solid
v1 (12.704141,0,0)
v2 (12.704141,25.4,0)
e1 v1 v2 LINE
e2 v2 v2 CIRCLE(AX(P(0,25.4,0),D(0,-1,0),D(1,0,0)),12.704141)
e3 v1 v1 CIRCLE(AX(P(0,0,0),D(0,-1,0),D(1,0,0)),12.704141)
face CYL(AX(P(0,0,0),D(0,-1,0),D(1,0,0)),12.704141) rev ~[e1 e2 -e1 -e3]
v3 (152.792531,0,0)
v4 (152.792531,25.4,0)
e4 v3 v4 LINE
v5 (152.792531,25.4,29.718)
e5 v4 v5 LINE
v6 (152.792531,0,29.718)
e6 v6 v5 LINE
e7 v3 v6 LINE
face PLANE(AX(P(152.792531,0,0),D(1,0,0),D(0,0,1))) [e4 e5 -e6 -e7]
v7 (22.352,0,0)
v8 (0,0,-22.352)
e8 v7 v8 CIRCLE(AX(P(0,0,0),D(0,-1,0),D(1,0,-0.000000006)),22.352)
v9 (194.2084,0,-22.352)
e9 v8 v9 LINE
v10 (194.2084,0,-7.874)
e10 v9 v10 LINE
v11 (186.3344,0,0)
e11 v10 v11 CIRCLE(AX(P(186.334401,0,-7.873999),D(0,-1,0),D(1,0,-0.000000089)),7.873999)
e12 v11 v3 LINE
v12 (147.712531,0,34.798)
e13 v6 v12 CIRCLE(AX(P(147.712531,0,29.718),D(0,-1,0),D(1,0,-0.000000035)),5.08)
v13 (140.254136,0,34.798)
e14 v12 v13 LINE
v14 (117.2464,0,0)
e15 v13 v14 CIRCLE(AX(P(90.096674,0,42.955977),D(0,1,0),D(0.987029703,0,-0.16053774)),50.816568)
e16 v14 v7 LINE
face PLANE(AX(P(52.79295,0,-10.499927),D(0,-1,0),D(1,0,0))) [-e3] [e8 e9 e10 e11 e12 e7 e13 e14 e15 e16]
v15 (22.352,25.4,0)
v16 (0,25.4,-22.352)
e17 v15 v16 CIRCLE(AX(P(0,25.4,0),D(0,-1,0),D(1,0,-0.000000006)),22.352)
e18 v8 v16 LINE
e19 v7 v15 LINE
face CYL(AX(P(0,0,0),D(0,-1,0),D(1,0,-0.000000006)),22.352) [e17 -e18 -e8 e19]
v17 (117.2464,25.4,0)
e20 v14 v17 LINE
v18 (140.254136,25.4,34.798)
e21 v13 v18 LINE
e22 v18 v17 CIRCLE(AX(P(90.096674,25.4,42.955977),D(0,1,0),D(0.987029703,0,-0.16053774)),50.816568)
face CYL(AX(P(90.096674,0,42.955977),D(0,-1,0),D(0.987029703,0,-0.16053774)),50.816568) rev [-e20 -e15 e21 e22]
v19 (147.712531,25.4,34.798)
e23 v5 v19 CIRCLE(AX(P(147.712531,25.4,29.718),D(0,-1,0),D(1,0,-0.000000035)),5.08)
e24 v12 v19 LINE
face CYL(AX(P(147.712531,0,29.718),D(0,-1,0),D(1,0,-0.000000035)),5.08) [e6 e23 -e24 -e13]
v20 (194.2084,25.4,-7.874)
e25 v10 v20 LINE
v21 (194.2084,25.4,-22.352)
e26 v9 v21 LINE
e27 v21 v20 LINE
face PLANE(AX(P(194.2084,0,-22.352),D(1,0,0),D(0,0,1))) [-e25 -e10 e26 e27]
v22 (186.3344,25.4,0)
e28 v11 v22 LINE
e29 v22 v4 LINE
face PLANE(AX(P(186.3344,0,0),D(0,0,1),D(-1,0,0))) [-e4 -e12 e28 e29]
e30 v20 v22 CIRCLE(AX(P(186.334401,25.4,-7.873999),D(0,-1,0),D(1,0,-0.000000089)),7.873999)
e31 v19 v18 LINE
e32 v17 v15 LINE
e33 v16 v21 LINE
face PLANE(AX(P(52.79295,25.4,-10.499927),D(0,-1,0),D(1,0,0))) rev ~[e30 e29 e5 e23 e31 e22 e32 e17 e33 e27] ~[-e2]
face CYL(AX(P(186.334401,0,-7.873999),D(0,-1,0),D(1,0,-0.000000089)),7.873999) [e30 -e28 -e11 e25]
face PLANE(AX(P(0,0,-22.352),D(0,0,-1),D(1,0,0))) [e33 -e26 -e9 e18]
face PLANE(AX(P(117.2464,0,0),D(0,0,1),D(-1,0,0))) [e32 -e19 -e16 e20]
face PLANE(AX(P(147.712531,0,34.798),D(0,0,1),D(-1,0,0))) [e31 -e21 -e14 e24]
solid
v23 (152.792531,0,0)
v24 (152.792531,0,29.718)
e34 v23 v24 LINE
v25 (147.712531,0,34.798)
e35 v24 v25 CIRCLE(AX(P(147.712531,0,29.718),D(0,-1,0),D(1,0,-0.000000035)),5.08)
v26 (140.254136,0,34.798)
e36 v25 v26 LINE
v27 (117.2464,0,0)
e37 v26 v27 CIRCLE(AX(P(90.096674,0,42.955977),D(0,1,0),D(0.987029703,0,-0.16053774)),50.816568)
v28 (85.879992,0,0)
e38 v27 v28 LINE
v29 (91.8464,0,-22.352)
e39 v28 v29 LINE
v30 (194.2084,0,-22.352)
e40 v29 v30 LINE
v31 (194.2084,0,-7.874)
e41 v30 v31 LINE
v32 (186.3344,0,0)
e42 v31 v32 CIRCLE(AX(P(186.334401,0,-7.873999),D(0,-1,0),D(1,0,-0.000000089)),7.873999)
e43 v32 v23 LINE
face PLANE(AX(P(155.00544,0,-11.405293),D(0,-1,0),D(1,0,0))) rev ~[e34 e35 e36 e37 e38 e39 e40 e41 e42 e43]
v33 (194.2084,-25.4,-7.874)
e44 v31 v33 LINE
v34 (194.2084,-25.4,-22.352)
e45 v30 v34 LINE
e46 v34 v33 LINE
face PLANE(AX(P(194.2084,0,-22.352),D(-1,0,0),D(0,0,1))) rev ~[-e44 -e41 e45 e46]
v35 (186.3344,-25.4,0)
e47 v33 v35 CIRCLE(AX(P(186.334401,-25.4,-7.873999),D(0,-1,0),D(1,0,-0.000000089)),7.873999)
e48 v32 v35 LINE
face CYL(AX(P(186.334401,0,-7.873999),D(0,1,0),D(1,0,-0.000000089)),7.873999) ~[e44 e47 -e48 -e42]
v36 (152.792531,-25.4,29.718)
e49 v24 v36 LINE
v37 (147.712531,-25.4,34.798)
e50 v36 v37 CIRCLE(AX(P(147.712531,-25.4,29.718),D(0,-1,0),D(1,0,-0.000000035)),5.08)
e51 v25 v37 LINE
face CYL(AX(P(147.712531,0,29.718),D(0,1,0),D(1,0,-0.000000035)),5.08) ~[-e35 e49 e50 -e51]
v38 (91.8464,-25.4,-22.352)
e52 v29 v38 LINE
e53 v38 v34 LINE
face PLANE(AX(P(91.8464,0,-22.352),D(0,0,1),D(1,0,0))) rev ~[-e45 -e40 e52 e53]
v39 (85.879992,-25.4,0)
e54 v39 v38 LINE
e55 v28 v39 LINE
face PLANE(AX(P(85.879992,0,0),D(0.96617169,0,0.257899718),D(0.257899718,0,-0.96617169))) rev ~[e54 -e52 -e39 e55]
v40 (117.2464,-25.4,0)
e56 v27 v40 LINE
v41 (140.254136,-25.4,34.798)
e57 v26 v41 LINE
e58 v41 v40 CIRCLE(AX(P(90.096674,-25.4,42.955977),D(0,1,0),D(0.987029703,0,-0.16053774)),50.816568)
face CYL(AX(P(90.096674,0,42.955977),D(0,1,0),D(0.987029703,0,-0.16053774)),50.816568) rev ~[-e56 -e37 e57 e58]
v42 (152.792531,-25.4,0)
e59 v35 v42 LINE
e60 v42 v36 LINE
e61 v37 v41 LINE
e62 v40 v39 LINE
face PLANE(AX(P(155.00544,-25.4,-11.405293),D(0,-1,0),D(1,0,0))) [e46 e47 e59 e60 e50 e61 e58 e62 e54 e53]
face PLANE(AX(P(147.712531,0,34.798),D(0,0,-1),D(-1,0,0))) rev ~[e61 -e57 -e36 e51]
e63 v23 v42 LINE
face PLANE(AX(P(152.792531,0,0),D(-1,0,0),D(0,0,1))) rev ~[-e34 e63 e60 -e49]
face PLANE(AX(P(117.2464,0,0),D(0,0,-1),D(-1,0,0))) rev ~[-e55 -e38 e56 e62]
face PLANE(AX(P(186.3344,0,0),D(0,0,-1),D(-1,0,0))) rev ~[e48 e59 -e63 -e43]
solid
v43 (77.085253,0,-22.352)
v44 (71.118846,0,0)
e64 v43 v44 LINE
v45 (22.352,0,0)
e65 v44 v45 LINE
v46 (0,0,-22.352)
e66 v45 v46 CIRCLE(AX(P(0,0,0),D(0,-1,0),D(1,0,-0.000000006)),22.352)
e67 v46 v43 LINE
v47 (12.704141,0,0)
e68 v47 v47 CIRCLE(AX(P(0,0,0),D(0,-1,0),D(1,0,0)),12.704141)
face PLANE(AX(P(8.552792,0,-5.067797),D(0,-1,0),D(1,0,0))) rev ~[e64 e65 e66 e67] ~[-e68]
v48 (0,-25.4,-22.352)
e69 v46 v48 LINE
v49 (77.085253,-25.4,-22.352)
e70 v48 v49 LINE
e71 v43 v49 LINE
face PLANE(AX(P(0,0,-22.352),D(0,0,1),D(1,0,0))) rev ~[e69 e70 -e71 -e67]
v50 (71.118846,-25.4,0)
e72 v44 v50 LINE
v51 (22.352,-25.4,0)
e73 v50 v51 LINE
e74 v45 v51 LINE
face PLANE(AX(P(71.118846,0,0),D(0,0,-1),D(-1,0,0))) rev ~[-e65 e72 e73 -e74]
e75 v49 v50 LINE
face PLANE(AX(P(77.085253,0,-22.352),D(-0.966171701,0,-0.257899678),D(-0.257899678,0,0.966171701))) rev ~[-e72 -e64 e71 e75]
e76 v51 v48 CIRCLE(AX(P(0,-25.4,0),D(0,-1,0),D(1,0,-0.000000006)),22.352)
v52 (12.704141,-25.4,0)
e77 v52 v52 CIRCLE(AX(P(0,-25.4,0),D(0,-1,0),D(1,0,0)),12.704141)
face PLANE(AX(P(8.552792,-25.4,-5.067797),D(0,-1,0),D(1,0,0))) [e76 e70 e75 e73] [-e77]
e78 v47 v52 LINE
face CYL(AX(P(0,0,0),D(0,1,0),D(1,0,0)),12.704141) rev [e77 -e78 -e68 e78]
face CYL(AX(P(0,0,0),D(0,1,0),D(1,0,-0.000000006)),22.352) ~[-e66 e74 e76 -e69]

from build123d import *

# Parameters (mm, degrees)
F0_R     = 12.704141
F1_DEPTH = 25.4
F2_DEPTH = 25.4


with BuildPart() as f1:
    # F0 (on Front) → F1 (new body)
    with BuildSketch(Plane.XZ):
        with BuildLine():
            Line((26.122206, 0), (22.352, 0))
            ThreePointArc((22.352, 0), (-15.805251, 15.805251), (0, -22.352))
            Line((0, -22.352), (40.043821, -22.352))
            Line((40.043821, -22.352), (26.122206, 0))
        make_face()
        Circle(F0_R, mode=Mode.SUBTRACT)
        Polygon((71.118846, 0), (26.122206, 0), (40.043821, -22.352), (77.085253, -22.352), align=None)
        with BuildLine():
            Line((152.792531, 0), (117.2464, 0))
            Line((117.2464, 0), (117.2464, -22.352))
            Line((117.2464, -22.352), (194.2084, -22.352))
            Line((194.2084, -22.352), (194.2084, -7.874))
            ThreePointArc((194.2084, -7.874), (191.902159, -2.306241), (186.3344, 0))
            Line((186.3344, 0), (152.792531, 0))
        make_face()
        with BuildLine():
            ThreePointArc((140.254136, 34.798), (132.485653, 14.929239), (117.2464, 0))
            Line((117.2464, 0), (152.792531, 0))
            Line((152.792531, 0), (152.792531, 29.718))
            ThreePointArc((152.792531, 29.718), (151.304634, 33.310102), (147.712531, 34.798))
            Line((147.712531, 34.798), (140.254136, 34.798))
        make_face()
        Polygon((117.2464, 0), (85.879992, 0), (91.8464, -22.352), (117.2464, -22.352), align=None)
    extrude(amount=F1_DEPTH)


with BuildPart() as f2:
    # F0 (on Front) → F2 (new body)
    with BuildSketch(Plane.XZ):
        Polygon((71.118846, 0), (26.122206, 0), (40.043821, -22.352), (77.085253, -22.352), align=None)
        with BuildLine():
            Line((26.122206, 0), (22.352, 0))
            ThreePointArc((22.352, 0), (-15.805251, 15.805251), (0, -22.352))
            Line((0, -22.352), (40.043821, -22.352))
            Line((40.043821, -22.352), (26.122206, 0))
        make_face()
        Circle(F0_R, mode=Mode.SUBTRACT)
        Polygon((117.2464, 0), (85.879992, 0), (91.8464, -22.352), (117.2464, -22.352), align=None)
        with BuildLine():
            Line((152.792531, 0), (117.2464, 0))
            Line((117.2464, 0), (117.2464, -22.352))
            Line((117.2464, -22.352), (194.2084, -22.352))
            Line((194.2084, -22.352), (194.2084, -7.874))
            ThreePointArc((194.2084, -7.874), (191.902159, -2.306241), (186.3344, 0))
            Line((186.3344, 0), (152.792531, 0))
        make_face()
        with BuildLine():
            ThreePointArc((140.254136, 34.798), (132.485653, 14.929239), (117.2464, 0))
            Line((117.2464, 0), (152.792531, 0))
            Line((152.792531, 0), (152.792531, 29.718))
            ThreePointArc((152.792531, 29.718), (151.304634, 33.310102), (147.712531, 34.798))
            Line((147.712531, 34.798), (140.254136, 34.798))
        make_face()
        Polygon((85.879992, 0), (71.118846, 0), (77.085253, -22.352), align=None)
        Polygon((85.879992, 0), (77.085253, -22.352), (91.8464, -22.352), align=None)
    extrude(amount=-F2_DEPTH)


solid = Compound([f1.part, f2.part])
